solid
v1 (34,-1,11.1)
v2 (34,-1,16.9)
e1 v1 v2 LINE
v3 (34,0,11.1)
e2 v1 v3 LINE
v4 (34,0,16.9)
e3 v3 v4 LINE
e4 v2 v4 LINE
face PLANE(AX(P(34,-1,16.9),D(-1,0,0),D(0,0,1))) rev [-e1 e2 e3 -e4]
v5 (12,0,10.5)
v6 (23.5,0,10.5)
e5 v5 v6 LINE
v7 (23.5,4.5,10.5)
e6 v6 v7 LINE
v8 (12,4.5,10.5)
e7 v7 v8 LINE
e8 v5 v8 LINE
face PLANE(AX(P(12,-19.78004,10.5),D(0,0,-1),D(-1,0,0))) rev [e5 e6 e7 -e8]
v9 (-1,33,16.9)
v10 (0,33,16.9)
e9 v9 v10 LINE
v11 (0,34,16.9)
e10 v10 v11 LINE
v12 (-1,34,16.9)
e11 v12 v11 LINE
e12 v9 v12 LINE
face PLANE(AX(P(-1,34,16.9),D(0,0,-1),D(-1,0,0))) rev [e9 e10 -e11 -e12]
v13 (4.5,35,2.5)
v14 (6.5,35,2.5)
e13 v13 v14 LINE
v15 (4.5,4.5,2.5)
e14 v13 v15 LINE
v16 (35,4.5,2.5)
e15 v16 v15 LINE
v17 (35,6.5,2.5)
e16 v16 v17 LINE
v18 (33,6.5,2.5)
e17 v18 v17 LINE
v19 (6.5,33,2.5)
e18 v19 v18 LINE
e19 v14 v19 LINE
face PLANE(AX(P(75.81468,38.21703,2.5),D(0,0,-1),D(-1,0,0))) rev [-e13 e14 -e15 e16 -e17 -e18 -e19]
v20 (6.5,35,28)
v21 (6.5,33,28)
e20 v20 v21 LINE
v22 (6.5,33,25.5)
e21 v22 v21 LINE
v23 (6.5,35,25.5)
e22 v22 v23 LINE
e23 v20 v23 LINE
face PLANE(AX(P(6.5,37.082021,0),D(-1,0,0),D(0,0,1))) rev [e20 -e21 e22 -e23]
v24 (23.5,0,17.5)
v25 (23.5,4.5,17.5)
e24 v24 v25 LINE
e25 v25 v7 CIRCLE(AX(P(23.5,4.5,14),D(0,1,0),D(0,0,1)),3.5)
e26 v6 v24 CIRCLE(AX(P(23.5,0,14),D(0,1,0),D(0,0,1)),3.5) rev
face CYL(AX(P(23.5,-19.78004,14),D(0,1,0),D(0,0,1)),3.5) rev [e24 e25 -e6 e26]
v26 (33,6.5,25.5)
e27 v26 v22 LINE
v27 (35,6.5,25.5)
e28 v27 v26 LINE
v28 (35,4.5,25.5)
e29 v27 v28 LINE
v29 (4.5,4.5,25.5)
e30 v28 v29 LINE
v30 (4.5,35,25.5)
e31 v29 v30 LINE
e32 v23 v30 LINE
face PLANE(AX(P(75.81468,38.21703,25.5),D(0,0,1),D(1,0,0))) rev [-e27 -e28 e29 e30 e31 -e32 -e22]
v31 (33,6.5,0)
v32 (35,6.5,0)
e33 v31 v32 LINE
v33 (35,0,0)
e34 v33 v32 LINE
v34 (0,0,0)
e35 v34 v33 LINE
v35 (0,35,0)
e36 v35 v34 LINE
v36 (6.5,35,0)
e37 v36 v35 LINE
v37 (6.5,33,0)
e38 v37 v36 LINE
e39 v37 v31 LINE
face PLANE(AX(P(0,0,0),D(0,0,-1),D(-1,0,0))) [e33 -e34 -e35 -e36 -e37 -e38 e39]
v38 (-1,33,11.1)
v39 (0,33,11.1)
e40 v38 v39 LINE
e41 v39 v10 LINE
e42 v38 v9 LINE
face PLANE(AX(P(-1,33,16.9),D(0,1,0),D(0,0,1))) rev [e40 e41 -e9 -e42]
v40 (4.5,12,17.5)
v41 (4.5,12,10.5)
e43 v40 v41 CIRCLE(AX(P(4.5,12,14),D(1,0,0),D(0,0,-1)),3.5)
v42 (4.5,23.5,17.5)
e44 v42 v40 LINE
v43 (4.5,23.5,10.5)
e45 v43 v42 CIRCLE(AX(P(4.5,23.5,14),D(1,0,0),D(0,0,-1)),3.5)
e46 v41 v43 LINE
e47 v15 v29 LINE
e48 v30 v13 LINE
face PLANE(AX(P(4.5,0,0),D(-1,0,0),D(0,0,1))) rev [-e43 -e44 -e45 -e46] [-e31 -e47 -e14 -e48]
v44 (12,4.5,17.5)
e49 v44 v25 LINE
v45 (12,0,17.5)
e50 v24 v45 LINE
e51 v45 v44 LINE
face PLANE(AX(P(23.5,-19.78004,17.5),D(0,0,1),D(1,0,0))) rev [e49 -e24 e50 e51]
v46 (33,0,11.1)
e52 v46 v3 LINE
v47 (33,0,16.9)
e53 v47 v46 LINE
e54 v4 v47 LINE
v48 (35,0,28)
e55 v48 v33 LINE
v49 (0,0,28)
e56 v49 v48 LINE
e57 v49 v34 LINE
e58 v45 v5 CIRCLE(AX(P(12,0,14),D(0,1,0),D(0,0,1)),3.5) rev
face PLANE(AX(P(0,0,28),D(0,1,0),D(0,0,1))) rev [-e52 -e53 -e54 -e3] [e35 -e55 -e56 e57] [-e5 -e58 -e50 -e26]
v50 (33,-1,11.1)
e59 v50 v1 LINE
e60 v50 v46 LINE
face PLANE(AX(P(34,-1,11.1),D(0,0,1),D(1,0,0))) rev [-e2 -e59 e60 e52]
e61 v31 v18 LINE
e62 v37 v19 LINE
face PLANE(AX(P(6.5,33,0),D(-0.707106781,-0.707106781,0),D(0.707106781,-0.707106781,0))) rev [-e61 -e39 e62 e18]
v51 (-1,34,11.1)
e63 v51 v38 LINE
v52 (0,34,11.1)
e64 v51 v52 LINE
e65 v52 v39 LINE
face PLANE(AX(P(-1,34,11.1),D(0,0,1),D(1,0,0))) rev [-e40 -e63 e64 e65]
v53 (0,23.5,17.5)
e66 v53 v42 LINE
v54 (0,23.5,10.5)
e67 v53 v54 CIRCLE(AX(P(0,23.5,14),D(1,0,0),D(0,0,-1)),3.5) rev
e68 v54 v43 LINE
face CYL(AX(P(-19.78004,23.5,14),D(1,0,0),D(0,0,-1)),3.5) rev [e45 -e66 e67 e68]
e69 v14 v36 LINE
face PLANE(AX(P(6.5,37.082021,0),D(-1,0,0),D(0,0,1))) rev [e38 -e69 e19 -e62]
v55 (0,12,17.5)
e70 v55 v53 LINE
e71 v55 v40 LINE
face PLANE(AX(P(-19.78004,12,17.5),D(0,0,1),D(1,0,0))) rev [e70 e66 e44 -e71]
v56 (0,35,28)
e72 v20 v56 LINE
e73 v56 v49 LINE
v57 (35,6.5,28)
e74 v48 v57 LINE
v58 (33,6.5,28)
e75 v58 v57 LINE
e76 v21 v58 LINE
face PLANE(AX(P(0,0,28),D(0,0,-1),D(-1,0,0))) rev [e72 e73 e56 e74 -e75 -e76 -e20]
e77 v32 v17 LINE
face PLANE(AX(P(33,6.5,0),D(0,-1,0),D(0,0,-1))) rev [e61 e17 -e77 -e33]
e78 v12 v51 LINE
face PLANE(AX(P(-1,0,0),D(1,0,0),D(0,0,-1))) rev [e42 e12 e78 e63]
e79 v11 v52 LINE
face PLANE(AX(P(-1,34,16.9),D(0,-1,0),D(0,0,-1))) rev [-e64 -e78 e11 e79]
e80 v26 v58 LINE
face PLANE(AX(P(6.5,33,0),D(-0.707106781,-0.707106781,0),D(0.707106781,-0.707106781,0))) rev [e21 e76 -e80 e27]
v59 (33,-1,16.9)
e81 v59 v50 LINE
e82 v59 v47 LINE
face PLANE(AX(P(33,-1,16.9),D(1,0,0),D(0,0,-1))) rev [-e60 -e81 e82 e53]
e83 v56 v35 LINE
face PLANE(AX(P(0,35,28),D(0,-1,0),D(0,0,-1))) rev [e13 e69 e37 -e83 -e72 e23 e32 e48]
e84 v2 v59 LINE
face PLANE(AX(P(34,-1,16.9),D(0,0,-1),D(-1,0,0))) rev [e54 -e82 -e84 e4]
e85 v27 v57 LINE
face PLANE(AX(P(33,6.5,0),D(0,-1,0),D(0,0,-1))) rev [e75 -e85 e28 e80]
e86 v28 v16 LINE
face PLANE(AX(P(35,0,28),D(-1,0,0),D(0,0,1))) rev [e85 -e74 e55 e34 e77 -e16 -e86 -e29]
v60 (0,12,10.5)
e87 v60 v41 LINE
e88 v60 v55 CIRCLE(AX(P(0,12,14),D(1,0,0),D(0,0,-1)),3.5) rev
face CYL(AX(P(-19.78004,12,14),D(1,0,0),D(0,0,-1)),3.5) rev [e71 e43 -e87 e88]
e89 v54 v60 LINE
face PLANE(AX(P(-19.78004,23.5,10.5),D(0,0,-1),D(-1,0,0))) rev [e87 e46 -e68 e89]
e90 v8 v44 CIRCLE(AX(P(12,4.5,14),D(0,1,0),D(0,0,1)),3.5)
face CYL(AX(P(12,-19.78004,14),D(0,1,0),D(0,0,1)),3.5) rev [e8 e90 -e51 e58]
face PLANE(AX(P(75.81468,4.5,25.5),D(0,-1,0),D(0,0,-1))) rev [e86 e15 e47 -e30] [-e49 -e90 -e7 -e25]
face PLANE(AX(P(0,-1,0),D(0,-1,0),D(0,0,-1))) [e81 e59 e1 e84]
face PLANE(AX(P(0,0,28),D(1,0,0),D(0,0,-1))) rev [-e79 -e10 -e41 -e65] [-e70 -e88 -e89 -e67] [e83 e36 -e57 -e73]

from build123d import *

# Parameters (mm, degrees)
SKETCH1_W           = 35
SKETCH1_H           = 35
BOSS_EXTRUDE1_DEPTH = 28
CUT_EXTRUDE1_DEPTH  = 57.868268832
CUT_EXTRUDE2_REACH  = 56.215
SKETCH3_W           = 23
SKETCH3_H           = 33.717030155
CUT_EXTRUDE3_DEPTH  = 4.5
CUT_EXTRUDE4_DEPTH  = 4.5
SKETCH6_W           = 1
SKETCH6_H           = 5.8
BOSS_EXTRUDE2_DEPTH = 1
SKETCH7_W           = 5.8
SKETCH7_H           = 1
BOSS_EXTRUDE3_DEPTH = 1


with BuildPart() as part:
    # Sketch1 → Boss-Extrude1 (new body)
    with BuildSketch(Plane.XY):
        with Locations((17.5, 17.5)):
            Rectangle(SKETCH1_W, SKETCH1_H)
    extrude(amount=BOSS_EXTRUDE1_DEPTH)

    # Sketch2 → Cut-Extrude1 (cut, through all)
    with BuildSketch(Plane.XY.offset(28)):
        Polygon((6.5, 37.082021278), (6.5, 33), (33, 6.5), (39.701272532, 6.5), (39.701272532, 37.082021278), align=None)
    extrude(amount=-CUT_EXTRUDE1_DEPTH, mode=Mode.SUBTRACT)

    # Cut-Extrude2: up to this face of the body (flat: up to its plane)
    cut_extrude2_end = Plane(part.part.faces().sort_by_distance((35, 3.25, 14))[0])
    # Sketch3 → Cut-Extrude2 (cut, up to the picked face)
    with BuildSketch(Plane.ZY.offset(-4.5), mode=Mode.PRIVATE) as cut_extrude2_sk1:
        with Locations((14, 21.358515078)):
            Rectangle(SKETCH3_W, SKETCH3_H)
    cut_extrude2_tool1 = split(extrude(cut_extrude2_sk1.sketch, amount=-CUT_EXTRUDE2_REACH, mode=Mode.PRIVATE), bisect_by=cut_extrude2_end, keep=Keep.BOTH, mode=Mode.PRIVATE)
    add(cut_extrude2_tool1.solids().sort_by(Axis((4.5, 21.358515, 14), (1, 0, 0)))[0], mode=Mode.SUBTRACT)

    # Sketch4 → Cut-Extrude3 (cut)
    with BuildSketch(Plane(origin=(4.5, 0, 0), x_dir=(0, 0, -1), z_dir=(1, 0, 0))):
        with BuildLine():
            Line((-10.5, 23.5), (-10.5, 12))
            ThreePointArc((-10.5, 12), (-14, 8.5), (-17.5, 12))
            Line((-17.5, 12), (-17.5, 23.5))
            ThreePointArc((-17.5, 23.5), (-14, 27), (-10.5, 23.5))
        make_face()
    extrude(amount=-CUT_EXTRUDE3_DEPTH, mode=Mode.SUBTRACT)

    # Sketch5 → Cut-Extrude4 (cut)
    with BuildSketch(Plane(origin=(0, 4.5, 0), x_dir=(1, 0, 0), z_dir=(0, 1, 0))):
        with BuildLine():
            Line((23.5, -17.5), (12, -17.5))
            ThreePointArc((12, -17.5), (8.5, -14), (12, -10.5))
            Line((12, -10.5), (23.5, -10.5))
            ThreePointArc((23.5, -10.5), (27, -14), (23.5, -17.5))
        make_face()
    extrude(amount=-CUT_EXTRUDE4_DEPTH, mode=Mode.SUBTRACT)

    # Sketch6 → Boss-Extrude2 (add)
    with BuildSketch(Plane.XZ):
        with Locations((33.5, 14)):
            Rectangle(SKETCH6_W, SKETCH6_H)
    extrude(amount=BOSS_EXTRUDE2_DEPTH)

    # Sketch7 → Boss-Extrude3 (add)
    with BuildSketch(Plane.ZY):
        with Locations((14, 33.5)):
            Rectangle(SKETCH7_W, SKETCH7_H)
    extrude(amount=BOSS_EXTRUDE3_DEPTH)


solid = part.part
